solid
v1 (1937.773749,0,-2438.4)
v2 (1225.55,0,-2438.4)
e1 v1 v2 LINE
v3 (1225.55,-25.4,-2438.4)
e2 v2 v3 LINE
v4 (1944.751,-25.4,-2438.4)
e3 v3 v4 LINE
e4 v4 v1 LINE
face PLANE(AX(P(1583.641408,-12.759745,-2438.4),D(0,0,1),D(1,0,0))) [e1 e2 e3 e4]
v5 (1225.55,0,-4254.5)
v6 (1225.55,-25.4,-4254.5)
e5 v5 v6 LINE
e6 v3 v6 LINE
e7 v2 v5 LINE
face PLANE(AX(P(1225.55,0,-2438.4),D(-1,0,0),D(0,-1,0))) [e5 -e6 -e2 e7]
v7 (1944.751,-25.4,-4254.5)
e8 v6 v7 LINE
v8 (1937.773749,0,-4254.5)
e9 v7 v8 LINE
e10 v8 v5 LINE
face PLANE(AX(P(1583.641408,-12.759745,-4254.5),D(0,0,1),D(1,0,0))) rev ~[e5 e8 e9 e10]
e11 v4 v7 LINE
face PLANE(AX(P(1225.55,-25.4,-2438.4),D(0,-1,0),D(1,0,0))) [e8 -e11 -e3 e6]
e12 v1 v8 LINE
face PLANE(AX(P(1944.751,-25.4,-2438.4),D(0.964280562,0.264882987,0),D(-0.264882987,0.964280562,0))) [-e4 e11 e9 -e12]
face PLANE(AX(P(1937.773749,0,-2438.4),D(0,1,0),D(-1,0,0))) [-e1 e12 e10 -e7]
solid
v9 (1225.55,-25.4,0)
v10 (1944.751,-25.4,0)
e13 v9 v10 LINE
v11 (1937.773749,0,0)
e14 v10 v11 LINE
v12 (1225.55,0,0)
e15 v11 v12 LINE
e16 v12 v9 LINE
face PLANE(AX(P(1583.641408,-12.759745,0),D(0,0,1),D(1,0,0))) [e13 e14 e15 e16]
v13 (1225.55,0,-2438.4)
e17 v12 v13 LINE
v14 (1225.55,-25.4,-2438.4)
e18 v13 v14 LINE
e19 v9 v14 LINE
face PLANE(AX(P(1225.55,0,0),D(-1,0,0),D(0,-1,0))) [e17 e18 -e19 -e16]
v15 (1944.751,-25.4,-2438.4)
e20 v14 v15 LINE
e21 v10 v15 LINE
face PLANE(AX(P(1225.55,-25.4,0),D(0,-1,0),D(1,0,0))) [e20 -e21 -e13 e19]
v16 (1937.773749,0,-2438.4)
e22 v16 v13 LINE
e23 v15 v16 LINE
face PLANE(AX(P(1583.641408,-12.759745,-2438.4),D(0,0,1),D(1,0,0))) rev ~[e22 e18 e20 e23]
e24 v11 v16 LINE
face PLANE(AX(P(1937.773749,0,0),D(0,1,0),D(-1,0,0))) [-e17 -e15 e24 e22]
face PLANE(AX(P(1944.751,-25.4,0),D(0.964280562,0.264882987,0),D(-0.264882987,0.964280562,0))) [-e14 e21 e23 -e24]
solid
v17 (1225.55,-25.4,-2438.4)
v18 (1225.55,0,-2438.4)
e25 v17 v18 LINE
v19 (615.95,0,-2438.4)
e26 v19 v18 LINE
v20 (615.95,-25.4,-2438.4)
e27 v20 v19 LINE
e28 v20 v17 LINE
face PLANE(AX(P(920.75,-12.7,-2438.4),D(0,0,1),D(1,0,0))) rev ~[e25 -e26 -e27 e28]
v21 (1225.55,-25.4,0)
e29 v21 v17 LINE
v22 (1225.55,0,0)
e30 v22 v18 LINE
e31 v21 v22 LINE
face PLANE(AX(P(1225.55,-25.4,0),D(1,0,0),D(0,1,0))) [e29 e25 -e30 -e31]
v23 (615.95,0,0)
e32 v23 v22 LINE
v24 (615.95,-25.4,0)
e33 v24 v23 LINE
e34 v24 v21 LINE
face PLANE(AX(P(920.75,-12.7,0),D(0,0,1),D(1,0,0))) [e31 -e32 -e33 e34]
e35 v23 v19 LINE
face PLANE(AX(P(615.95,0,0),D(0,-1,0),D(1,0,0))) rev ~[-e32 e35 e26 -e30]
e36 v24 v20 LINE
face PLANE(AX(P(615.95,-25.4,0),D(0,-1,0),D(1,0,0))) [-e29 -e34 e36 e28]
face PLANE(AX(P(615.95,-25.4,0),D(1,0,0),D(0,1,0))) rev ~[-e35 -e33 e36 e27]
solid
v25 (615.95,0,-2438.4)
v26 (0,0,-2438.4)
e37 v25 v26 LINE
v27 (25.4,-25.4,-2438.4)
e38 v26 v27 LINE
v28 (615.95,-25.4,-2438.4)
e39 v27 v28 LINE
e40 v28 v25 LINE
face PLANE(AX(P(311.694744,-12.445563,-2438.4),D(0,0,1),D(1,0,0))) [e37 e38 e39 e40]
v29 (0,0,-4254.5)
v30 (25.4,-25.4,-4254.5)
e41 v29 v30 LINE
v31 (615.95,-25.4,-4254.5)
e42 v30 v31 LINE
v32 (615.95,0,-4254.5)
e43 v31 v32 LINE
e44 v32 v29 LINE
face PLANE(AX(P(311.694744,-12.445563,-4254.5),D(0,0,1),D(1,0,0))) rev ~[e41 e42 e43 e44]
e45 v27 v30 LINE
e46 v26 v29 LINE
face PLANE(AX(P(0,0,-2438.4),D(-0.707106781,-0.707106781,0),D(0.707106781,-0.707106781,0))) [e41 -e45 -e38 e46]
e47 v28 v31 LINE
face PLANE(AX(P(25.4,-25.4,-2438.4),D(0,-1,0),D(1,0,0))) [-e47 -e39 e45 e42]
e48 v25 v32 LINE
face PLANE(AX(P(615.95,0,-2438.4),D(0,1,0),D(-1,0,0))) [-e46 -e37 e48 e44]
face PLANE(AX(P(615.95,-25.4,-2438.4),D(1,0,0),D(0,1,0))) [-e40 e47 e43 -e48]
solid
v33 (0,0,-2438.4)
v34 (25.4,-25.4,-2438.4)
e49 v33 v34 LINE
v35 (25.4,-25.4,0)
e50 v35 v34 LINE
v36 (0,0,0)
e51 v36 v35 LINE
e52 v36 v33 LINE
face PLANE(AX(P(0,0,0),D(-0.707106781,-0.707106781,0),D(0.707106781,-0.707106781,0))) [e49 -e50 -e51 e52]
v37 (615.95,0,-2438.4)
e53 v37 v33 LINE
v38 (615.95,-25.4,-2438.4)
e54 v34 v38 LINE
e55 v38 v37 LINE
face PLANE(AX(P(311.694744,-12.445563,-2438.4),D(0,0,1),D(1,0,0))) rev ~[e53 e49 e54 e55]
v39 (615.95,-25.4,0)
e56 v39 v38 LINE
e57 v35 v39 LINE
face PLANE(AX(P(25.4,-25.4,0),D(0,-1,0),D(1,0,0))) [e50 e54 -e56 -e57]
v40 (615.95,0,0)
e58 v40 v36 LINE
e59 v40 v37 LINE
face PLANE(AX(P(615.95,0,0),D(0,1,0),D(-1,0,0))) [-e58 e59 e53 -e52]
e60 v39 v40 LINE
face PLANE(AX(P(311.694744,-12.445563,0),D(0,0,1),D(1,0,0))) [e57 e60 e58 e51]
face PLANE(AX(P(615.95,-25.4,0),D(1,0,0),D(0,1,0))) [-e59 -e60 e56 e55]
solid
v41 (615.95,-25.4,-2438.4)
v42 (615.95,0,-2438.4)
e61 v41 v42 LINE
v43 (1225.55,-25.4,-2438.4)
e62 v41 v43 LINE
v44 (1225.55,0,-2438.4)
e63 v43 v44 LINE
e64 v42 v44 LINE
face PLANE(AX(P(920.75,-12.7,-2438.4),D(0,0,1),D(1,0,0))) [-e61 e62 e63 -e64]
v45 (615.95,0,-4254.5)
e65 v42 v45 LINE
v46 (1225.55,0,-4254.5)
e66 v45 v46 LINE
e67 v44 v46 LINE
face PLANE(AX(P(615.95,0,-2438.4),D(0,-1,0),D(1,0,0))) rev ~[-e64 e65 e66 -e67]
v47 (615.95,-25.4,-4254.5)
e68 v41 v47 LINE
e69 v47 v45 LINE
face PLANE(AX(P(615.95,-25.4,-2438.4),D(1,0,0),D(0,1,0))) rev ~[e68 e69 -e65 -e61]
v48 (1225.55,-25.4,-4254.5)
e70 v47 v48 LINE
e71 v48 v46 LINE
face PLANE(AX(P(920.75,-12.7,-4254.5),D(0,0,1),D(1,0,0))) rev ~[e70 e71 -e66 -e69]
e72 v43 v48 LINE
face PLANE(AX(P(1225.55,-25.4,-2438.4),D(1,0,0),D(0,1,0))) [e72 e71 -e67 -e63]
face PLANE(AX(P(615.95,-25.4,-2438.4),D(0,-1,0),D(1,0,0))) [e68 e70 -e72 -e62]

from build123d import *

# Parameters (mm, degrees)
F1_DEPTH = 2438.4
F0_W     = 609.6
F0_H     = 25.4
F2_DEPTH = 2438.4
F3_DEPTH = 2438.4
F4_DEPTH = 1816.1
F5_DEPTH = 1816.1
F6_DEPTH = 1816.1


with BuildPart() as f1:
    # F0 (on Top) → F1 (new body)
    with BuildSketch(Plane.XY):
        Polygon((615.95, 0), (0, 0), (25.4, -25.4), (615.95, -25.4), align=None)
    extrude(amount=-F1_DEPTH)


with BuildPart() as f2:
    # F0 (on Top) → F2 (new body, through all)
    with BuildSketch(Plane.XY):
        with Locations((920.75, -12.7)):
            Rectangle(F0_W, F0_H)
    extrude(amount=-F2_DEPTH)


with BuildPart() as f3:
    # F0 (on Top) → F3 (new body, through all)
    with BuildSketch(Plane.XY):
        Polygon((1937.7737486287, 0), (1225.55, 0), (1225.55, -25.4), (1944.751, -25.4), align=None)
    extrude(amount=-F3_DEPTH)


with BuildPart() as f4:
    # F4 (new): a face of the model
    f4_faces = [f1.part.faces().sort_by_distance(p)[0] for p in [
        (314.2804385965, -12.610877193, -2438.4),
    ]]
    extrude(f4_faces, amount=F4_DEPTH)


with BuildPart() as f5:
    # F5 (new, through all): a face of the model
    f5_faces = [f2.part.faces().sort_by_distance(p)[0] for p in [
        (920.75, -12.7, -2438.4),
    ]]
    extrude(f5_faces, amount=F5_DEPTH)


with BuildPart() as f6:
    # F6 (new, through all): a face of the model
    f6_faces = [f3.part.faces().sort_by_distance(p)[0] for p in [
        (1583.409021282, -12.7206347074, -2438.4),
    ]]
    extrude(f6_faces, amount=F6_DEPTH)


solid = Compound([f1.part, f2.part, f3.part, f4.part, f5.part, f6.part])
